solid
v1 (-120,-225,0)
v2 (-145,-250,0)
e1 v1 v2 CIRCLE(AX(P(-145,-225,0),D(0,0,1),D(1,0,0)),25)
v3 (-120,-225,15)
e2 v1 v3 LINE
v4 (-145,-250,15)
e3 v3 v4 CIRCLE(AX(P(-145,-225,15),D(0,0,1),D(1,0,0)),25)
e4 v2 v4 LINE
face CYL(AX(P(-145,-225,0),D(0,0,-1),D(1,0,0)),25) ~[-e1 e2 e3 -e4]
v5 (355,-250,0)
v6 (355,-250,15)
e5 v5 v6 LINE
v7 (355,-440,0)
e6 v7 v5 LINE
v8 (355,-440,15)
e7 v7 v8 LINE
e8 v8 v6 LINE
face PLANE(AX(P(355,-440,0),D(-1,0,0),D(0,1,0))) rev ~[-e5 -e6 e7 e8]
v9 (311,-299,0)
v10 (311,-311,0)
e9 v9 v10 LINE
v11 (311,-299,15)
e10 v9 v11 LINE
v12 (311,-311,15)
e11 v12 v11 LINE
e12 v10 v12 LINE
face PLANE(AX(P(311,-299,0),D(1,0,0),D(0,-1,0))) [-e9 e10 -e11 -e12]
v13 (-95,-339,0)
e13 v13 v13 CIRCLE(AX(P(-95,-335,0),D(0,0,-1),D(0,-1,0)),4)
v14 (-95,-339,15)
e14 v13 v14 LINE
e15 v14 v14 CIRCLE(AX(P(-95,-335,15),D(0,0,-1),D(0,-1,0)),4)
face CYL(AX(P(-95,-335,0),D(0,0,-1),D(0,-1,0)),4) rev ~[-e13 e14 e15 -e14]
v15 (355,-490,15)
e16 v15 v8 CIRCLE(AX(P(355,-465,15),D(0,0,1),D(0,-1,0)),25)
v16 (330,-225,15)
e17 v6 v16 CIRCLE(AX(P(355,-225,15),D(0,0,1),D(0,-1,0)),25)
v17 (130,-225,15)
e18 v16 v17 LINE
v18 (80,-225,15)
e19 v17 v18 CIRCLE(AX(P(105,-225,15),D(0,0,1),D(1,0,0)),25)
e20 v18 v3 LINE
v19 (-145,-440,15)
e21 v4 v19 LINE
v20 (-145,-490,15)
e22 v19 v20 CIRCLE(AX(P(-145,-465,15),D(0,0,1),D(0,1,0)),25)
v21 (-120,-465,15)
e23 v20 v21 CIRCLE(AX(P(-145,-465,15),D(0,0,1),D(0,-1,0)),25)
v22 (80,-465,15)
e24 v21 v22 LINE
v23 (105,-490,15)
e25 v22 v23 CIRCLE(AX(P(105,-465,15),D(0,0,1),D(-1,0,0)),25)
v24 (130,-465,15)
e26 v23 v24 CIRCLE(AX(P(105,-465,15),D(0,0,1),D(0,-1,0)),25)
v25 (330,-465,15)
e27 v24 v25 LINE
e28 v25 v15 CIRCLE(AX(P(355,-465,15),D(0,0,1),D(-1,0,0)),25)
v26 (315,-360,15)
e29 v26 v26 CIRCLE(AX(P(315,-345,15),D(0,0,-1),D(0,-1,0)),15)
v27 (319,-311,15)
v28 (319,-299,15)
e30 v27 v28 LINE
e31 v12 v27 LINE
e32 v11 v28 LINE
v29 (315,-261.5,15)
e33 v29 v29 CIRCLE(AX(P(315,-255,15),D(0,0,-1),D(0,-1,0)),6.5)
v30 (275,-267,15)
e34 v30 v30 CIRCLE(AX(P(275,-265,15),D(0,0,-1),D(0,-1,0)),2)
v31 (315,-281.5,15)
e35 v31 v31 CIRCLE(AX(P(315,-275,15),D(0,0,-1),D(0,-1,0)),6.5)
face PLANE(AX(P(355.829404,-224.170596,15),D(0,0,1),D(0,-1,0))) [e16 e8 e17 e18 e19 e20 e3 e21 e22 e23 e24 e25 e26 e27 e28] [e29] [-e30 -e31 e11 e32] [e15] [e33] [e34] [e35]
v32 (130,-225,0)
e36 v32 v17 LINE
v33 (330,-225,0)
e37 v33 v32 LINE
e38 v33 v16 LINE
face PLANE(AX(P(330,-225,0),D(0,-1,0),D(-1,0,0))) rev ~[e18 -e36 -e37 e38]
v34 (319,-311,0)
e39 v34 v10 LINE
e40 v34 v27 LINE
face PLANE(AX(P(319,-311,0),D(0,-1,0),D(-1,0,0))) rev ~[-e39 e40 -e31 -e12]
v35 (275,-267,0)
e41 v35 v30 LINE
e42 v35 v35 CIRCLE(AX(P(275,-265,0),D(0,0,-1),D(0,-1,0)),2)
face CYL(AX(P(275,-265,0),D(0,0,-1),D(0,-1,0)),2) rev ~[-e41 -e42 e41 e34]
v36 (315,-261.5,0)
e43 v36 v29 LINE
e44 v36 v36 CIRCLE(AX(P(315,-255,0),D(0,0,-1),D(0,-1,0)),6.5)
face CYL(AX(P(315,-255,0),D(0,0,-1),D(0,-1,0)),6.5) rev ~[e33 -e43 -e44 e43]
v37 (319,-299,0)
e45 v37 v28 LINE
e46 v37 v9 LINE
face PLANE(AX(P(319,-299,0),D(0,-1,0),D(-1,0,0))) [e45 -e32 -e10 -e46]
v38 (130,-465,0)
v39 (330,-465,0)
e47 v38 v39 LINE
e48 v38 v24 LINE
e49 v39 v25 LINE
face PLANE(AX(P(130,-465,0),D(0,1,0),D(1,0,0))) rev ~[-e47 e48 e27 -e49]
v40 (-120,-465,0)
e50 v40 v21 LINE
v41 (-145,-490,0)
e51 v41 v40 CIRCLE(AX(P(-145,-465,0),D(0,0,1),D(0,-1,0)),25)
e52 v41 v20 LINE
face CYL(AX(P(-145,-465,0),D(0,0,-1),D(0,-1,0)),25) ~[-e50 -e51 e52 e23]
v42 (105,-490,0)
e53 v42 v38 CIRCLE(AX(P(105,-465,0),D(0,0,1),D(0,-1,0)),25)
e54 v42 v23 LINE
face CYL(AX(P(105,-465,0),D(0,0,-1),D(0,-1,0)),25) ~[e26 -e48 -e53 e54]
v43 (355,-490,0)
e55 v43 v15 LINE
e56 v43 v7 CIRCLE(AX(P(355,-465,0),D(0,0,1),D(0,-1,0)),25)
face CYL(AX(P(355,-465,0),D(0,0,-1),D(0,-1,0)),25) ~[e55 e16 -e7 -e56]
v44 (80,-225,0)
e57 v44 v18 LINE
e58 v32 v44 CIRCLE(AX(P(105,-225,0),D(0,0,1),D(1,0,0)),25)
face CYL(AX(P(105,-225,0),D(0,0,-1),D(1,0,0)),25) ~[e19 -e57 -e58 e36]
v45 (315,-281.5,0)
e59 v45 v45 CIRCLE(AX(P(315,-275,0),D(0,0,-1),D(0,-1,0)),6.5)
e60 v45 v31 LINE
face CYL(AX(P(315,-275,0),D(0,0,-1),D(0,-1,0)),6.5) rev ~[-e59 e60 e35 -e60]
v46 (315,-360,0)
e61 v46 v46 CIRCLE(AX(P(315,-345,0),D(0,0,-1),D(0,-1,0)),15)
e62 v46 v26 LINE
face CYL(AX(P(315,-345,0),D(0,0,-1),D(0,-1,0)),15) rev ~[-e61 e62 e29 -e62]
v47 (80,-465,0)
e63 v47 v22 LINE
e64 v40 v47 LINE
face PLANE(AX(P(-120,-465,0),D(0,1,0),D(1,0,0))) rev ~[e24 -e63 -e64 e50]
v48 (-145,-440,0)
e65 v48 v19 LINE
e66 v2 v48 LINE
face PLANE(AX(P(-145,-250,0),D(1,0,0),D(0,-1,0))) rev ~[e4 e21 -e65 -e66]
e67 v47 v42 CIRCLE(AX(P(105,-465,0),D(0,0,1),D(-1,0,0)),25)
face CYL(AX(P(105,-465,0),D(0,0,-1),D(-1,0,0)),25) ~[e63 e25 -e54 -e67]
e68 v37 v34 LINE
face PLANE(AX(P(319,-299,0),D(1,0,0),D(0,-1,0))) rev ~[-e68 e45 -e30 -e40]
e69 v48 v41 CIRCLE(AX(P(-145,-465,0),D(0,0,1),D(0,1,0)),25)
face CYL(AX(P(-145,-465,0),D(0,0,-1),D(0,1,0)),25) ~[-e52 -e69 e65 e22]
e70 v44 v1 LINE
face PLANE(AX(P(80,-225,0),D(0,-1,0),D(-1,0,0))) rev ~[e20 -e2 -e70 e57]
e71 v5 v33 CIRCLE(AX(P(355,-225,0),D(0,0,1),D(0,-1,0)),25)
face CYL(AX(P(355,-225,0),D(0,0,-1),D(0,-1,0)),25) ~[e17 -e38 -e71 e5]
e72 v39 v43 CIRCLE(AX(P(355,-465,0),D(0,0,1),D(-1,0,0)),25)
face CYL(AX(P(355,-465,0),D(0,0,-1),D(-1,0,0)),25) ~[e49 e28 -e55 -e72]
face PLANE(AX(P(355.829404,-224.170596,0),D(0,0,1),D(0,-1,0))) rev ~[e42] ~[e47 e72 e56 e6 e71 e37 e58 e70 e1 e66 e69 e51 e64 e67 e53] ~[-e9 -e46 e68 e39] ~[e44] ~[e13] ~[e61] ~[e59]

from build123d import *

# Parameters (mm, degrees)
F1_DEPTH = 15
F2_R     = 15
F2_W     = 12
F2_H     = 8
F2_R_2   = 6.5
F2_R_3   = 4
F2_R_4   = 2
F3_DEPTH = 40
F4_ANGLE = 90


with BuildPart() as f1:
    # F0 (on Top) → F1 (new body)
    with BuildSketch(Plane.XY):
        with BuildLine():
            Line((-120, 225), (-120, 250))
            Line((-120, 250), (-95, 250))
            ThreePointArc((-95, 250), (-137.6776695297, 267.6776695297), (-120, 225))
        make_face()
        with BuildLine():
            Line((-95, 250), (-120, 250))
            Line((-120, 250), (-120, 225))
            ThreePointArc((-120, 225), (-102.3223304703, 232.3223304703), (-95, 250))
        make_face()
        with BuildLine():
            Line((95, 250), (-95, 250))
            ThreePointArc((-95, 250), (-102.3223304703, 232.3223304703), (-120, 225))
            Line((-120, 225), (-120, 25))
            ThreePointArc((-120, 25), (-102.3223304703, 17.6776695297), (-95, 0))
            ThreePointArc((-95, 0), (-102.3223304703, -17.6776695297), (-120, -25))
            Line((-120, -25), (-120, -225))
            ThreePointArc((-120, -225), (-102.3223304703, -232.3223304703), (-95, -250))
            Line((-95, -250), (95, -250))
            ThreePointArc((95, -250), (102.3223304703, -232.3223304703), (120, -225))
            Line((120, -225), (120, -25))
            ThreePointArc((120, -25), (95, 0), (120, 25))
            Line((120, 25), (120, 225))
            ThreePointArc((120, 225), (102.3223304703, 232.3223304703), (95, 250))
        make_face()
        with BuildLine():
            ThreePointArc((145, 250), (120, 275), (95, 250))
            Line((95, 250), (120, 250))
            Line((120, 250), (120, 225))
            ThreePointArc((120, 225), (137.6776695297, 232.3223304703), (145, 250))
        make_face()
        with BuildLine():
            Line((120, 250), (95, 250))
            ThreePointArc((95, 250), (102.3223304703, 232.3223304703), (120, 225))
            Line((120, 225), (120, 250))
        make_face()
        with BuildLine():
            ThreePointArc((-95, 0), (-102.3223304703, 17.6776695297), (-120, 25))
            Line((-120, 25), (-120, -25))
            ThreePointArc((-120, -25), (-102.3223304703, -17.6776695297), (-95, 0))
        make_face()
        with BuildLine():
            Line((-120, -25), (-120, 25))
            ThreePointArc((-120, 25), (-145, 0), (-120, -25))
        make_face()
        with BuildLine():
            ThreePointArc((145, 0), (137.6776695297, 17.6776695297), (120, 25))
            Line((120, 25), (120, -25))
            ThreePointArc((120, -25), (137.6776695297, -17.6776695297), (145, 0))
        make_face()
        with BuildLine():
            Line((120, -25), (120, 25))
            ThreePointArc((120, 25), (95, 0), (120, -25))
        make_face()
        with BuildLine():
            ThreePointArc((-95, -250), (-102.3223304703, -232.3223304703), (-120, -225))
            Line((-120, -225), (-120, -250))
            Line((-120, -250), (-95, -250))
        make_face()
        with BuildLine():
            Line((-120, -250), (-120, -225))
            ThreePointArc((-120, -225), (-137.6776695297, -267.6776695297), (-95, -250))
            Line((-95, -250), (-120, -250))
        make_face()
        with BuildLine():
            ThreePointArc((145, -250), (137.6776695297, -232.3223304703), (120, -225))
            Line((120, -225), (120, -250))
            Line((120, -250), (95, -250))
            ThreePointArc((95, -250), (120, -275), (145, -250))
        make_face()
        with BuildLine():
            Line((120, -250), (120, -225))
            ThreePointArc((120, -225), (102.3223304703, -232.3223304703), (95, -250))
            Line((95, -250), (120, -250))
        make_face()
    extrude(amount=F1_DEPTH)

    # F2 (on face) → F3 (cut)
    with BuildSketch(Plane(origin=(0, 0, 0), x_dir=(1, 0, 0), z_dir=(0, 0, -1))):
        with Locations((0, -210)):
            Circle(F2_R)
        with Locations((-40, -210)):
            Rectangle(F2_W, F2_H)
        with Locations((-70, -210)):
            Circle(F2_R_2)
        with Locations((-90, -210)):
            Circle(F2_R_2)
        with Locations((-10, 200)):
            Circle(F2_R_3)
        with Locations((-80, -170)):
            Circle(F2_R_4)
    extrude(amount=-F3_DEPTH, mode=Mode.SUBTRACT)


with BuildPart() as f1_1:
    # F4: moved
    add(f1.part.rotate(Axis((-120, -225, 7.5), (0, 0, -1)), F4_ANGLE))


solid = f1_1.part
